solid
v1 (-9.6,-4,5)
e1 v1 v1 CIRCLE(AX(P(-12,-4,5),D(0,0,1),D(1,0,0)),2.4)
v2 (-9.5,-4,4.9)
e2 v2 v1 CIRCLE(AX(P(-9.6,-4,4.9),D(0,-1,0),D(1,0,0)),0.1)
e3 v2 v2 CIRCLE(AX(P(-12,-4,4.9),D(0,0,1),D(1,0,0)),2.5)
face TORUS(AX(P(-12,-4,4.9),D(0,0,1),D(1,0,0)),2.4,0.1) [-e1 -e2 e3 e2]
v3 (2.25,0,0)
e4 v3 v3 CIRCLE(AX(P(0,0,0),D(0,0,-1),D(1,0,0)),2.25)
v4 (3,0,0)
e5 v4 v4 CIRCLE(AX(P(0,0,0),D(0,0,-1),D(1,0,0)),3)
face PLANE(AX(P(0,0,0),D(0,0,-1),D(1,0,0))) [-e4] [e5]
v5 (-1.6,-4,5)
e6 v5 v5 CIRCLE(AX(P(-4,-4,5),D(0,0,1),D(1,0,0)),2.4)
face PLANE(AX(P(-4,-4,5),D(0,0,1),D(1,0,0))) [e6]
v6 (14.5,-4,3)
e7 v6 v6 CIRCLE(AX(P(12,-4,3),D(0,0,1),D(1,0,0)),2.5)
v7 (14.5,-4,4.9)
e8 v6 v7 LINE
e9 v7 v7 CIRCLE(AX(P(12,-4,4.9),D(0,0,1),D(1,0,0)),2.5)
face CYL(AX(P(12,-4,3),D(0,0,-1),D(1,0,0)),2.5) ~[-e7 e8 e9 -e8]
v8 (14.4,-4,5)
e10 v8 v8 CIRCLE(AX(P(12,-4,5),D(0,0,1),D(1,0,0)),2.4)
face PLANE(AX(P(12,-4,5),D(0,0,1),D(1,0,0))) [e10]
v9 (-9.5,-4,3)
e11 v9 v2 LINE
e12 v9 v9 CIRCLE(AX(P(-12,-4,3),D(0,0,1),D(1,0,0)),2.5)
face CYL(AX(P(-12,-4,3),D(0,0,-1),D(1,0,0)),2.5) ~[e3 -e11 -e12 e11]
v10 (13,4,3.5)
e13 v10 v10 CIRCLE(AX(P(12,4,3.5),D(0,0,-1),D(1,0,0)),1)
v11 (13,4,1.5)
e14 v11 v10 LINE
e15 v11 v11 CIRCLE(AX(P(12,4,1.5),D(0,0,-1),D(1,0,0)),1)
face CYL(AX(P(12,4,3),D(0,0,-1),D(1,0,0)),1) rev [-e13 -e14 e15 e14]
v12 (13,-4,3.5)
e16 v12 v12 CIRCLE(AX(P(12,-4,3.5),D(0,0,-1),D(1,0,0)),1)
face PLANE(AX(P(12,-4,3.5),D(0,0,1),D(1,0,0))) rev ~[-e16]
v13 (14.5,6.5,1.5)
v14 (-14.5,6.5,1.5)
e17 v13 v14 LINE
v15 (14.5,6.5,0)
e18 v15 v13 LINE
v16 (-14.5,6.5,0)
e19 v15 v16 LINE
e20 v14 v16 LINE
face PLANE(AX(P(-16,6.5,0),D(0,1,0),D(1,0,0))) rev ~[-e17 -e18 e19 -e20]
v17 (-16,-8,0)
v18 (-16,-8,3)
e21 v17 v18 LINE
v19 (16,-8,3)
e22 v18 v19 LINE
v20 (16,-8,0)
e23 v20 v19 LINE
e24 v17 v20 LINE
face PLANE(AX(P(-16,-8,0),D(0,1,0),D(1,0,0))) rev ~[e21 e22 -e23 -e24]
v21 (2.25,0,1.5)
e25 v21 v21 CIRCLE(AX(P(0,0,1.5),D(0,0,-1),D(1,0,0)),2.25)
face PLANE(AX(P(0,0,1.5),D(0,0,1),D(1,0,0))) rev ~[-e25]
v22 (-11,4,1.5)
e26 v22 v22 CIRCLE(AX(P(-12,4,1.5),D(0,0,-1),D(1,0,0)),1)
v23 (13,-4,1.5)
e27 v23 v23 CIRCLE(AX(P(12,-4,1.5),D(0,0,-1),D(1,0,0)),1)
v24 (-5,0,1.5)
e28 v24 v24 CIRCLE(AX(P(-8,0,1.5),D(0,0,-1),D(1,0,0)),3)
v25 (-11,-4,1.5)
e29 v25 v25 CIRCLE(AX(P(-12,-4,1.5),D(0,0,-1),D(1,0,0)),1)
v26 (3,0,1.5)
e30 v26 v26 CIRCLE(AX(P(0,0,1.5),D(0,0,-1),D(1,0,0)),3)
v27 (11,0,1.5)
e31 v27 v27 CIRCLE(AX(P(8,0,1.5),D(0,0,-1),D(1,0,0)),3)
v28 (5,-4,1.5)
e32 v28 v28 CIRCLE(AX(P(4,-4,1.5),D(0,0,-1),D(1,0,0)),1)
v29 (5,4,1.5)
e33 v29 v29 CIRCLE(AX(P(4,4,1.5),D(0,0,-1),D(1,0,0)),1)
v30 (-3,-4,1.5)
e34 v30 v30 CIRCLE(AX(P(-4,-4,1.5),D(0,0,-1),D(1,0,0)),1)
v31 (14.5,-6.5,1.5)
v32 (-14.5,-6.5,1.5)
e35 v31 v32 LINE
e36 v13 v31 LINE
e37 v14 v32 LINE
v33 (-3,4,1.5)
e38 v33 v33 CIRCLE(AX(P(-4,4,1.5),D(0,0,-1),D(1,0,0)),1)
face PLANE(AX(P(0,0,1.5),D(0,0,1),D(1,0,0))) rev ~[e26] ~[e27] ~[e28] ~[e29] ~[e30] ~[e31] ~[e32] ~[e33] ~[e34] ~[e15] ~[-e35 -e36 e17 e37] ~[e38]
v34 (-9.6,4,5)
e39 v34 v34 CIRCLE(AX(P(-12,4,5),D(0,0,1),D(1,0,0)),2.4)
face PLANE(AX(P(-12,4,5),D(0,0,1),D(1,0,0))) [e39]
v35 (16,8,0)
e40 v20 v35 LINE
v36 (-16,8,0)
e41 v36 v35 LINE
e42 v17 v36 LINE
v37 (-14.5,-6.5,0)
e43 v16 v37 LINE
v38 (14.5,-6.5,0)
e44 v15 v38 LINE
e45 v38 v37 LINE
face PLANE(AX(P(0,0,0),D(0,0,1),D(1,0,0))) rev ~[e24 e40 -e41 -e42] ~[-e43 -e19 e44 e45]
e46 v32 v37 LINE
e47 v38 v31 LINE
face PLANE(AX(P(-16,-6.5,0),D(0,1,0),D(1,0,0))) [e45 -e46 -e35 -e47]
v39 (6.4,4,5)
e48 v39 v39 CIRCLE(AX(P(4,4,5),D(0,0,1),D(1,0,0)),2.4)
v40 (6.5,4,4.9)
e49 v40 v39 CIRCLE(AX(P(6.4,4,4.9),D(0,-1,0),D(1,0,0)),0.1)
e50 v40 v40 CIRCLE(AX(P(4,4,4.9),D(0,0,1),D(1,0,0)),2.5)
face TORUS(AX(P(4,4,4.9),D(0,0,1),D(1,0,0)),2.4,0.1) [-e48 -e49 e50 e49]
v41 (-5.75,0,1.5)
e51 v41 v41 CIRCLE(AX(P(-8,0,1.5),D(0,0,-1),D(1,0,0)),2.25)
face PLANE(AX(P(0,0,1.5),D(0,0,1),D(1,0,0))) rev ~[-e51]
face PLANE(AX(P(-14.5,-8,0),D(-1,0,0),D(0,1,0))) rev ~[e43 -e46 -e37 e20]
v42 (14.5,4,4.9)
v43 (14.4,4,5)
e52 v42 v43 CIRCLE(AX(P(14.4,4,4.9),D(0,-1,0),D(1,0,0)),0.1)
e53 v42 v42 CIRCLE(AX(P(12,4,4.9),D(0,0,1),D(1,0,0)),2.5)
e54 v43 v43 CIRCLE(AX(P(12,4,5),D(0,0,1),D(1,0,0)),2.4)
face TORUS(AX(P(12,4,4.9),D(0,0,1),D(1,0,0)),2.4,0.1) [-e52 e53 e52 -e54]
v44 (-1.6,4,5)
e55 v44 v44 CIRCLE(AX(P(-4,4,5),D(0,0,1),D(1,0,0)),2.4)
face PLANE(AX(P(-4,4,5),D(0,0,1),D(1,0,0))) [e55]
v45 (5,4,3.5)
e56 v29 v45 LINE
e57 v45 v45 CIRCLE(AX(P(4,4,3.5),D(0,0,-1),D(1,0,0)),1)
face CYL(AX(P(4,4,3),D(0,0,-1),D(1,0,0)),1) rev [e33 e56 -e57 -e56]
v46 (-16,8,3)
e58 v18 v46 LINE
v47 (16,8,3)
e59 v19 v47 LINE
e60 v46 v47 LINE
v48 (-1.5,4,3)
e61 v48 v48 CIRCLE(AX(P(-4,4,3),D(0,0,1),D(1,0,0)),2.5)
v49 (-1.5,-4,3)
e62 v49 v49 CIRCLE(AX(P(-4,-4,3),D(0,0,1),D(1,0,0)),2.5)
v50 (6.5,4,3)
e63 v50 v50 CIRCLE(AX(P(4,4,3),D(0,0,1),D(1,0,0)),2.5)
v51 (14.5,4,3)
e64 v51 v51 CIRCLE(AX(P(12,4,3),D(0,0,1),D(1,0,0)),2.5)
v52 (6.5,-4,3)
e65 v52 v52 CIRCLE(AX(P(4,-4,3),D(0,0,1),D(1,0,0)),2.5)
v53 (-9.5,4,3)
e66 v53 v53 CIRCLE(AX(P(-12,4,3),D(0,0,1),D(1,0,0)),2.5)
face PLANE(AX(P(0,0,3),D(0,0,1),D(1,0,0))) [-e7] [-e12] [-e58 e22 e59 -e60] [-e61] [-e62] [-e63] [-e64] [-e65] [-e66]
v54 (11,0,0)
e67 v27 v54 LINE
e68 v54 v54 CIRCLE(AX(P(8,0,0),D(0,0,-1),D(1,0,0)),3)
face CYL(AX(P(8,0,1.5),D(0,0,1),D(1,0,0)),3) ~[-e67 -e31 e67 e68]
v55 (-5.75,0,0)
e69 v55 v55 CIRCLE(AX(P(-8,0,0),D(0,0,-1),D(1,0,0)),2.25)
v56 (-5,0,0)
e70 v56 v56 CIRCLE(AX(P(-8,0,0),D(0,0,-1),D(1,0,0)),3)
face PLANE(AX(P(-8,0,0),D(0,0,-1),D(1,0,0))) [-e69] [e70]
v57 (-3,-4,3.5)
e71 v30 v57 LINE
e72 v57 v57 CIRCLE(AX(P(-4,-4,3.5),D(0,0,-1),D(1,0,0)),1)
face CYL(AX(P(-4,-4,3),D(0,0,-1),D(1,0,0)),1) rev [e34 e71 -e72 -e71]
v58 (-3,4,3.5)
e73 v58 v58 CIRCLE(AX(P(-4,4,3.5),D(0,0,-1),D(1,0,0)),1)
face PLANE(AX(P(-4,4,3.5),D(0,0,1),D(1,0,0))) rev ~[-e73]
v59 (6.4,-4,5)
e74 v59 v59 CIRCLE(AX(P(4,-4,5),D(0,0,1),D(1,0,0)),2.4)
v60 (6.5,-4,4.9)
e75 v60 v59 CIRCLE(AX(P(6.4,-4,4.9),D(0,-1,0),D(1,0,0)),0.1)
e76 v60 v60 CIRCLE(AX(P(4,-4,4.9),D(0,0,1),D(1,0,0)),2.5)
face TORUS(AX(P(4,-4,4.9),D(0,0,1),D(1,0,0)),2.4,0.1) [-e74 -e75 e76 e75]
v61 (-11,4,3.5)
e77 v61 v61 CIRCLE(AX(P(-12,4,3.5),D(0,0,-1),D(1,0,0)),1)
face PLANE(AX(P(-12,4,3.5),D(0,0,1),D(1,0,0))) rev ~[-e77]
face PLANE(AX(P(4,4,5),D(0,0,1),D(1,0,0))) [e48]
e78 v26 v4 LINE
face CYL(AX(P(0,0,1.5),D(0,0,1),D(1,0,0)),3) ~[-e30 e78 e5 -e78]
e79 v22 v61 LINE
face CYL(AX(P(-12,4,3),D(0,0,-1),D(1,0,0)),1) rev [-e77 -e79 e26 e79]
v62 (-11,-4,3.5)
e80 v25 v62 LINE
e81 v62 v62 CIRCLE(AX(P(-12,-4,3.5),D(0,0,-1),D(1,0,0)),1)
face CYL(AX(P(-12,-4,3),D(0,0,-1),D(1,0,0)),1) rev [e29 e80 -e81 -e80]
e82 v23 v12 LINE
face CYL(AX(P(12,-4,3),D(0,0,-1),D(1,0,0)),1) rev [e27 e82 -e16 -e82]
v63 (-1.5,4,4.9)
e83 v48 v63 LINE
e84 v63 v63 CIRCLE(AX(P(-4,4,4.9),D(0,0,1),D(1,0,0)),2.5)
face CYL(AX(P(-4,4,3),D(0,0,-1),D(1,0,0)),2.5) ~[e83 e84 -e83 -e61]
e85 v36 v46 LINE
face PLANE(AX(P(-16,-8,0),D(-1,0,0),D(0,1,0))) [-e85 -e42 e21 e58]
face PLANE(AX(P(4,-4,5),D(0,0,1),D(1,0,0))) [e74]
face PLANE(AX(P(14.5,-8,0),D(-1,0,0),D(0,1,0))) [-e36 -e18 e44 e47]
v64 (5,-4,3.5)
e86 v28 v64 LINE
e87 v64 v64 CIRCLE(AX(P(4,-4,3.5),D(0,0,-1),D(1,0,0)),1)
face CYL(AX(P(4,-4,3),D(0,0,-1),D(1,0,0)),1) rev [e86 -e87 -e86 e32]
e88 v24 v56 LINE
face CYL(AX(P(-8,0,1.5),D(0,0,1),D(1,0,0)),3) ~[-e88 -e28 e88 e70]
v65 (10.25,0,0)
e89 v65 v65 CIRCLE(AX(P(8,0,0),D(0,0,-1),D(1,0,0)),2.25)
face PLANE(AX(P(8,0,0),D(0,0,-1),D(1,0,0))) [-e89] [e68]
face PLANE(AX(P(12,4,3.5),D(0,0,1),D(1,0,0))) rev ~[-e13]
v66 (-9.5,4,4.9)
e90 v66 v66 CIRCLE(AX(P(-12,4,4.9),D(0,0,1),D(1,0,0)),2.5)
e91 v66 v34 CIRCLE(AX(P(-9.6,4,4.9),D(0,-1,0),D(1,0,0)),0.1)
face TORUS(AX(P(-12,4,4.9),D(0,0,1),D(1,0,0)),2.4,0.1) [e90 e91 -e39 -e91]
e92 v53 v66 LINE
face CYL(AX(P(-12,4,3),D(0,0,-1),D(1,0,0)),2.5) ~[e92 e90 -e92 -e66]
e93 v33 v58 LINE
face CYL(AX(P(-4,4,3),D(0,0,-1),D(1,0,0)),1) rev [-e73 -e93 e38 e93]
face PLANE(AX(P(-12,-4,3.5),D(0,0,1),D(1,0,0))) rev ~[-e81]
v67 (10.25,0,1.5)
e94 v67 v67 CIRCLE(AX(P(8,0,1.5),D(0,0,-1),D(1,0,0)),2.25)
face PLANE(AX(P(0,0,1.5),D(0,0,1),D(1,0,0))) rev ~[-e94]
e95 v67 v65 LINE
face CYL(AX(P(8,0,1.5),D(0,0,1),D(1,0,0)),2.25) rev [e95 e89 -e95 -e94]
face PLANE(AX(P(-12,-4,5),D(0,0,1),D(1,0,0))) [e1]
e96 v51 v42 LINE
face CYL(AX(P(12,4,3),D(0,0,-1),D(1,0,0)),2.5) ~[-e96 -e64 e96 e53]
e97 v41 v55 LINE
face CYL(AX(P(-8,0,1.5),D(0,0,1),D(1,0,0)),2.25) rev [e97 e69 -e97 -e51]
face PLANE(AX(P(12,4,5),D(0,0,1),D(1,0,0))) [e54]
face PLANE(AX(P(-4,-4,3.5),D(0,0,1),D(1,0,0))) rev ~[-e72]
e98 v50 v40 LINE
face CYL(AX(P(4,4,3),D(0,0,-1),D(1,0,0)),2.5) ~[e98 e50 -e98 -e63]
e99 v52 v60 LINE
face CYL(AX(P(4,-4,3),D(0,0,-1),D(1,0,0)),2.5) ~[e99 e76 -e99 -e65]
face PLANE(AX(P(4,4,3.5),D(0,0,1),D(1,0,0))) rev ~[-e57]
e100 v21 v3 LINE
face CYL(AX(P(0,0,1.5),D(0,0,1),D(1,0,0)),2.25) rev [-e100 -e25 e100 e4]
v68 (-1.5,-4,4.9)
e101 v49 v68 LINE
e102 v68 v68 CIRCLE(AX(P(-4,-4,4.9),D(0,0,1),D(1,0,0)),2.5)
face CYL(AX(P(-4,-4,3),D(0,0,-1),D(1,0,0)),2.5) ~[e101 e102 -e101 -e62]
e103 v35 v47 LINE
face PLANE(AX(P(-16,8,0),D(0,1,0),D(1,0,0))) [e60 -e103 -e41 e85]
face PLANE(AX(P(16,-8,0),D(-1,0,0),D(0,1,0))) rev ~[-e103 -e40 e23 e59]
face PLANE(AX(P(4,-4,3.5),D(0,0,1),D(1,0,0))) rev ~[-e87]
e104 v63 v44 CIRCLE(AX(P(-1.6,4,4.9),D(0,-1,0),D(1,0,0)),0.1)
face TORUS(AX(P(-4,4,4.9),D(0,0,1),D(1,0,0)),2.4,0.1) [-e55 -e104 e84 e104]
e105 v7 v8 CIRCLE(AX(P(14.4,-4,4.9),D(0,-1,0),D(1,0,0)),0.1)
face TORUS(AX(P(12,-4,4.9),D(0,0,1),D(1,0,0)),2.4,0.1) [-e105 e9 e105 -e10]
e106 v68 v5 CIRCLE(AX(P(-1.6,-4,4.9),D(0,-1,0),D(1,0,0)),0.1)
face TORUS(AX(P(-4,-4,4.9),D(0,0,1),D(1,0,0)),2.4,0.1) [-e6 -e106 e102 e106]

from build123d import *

# Parameters (mm, degrees)
F0_W     = 32
F0_H     = 16
F1_DEPTH = 3
F2_R     = 2.5
F3_DEPTH = 2
F4_R     = 0.1
F5_T     = -1.5
F6_R     = 3
F6_R_2   = 2.25
F7_DEPTH = 1.5


with BuildPart() as f1:
    # F0 (on Top) → F1 (new body)
    with BuildSketch(Plane.XY):
        Rectangle(F0_W, F0_H)
    extrude(amount=F1_DEPTH)

    # F2 (on face) → F3 (join)
    with BuildSketch(Plane.XY.offset(3)):
        with Locations((-12, 4)):
            Circle(F2_R)
        with Locations((-12, -4)):
            Circle(F2_R)
        with Locations((-4, 4)):
            Circle(F2_R)
        with Locations((-4, -4)):
            Circle(F2_R)
        with Locations((4, 4)):
            Circle(F2_R)
        with Locations((4, -4)):
            Circle(F2_R)
        with Locations((12, 4)):
            Circle(F2_R)
        with Locations((12, -4)):
            Circle(F2_R)
    extrude(amount=F3_DEPTH)

    # F4
    f4_edges = [f1.edges().sort_by_distance(p)[0] for p in [
        (-14.5, 4, 5),
        (-6.5, 4, 5),
        (1.5, 4, 5),
        (9.5, 4, 5),
        (9.5, -4, 5),
        (1.5, -4, 5),
        (-6.5, -4, 5),
        (-14.5, -4, 5),
    ]]
    fillet(f4_edges, radius=F4_R)

    # F5
    f5_openings = [f1.faces().sort_by_distance(p)[0] for p in [
        (0, 0, 0),
    ]]
    offset(amount=F5_T, openings=f5_openings, kind=Kind.INTERSECTION)

    # F6 (on face) → F7 (join, through all)
    with BuildSketch(Plane(origin=(0, 0, 1.5), x_dir=(1, 0, 0), z_dir=(0, 0, -1))):
        with Locations((-8, 0)):
            Circle(F6_R)
        with Locations((-8, 0)):
            Circle(F6_R_2, mode=Mode.SUBTRACT)
        Circle(F6_R)
        Circle(F6_R_2, mode=Mode.SUBTRACT)
        with Locations((8, 0)):
            Circle(F6_R)
        with Locations((8, 0)):
            Circle(F6_R_2, mode=Mode.SUBTRACT)
    extrude(amount=F7_DEPTH)


solid = f1.part
